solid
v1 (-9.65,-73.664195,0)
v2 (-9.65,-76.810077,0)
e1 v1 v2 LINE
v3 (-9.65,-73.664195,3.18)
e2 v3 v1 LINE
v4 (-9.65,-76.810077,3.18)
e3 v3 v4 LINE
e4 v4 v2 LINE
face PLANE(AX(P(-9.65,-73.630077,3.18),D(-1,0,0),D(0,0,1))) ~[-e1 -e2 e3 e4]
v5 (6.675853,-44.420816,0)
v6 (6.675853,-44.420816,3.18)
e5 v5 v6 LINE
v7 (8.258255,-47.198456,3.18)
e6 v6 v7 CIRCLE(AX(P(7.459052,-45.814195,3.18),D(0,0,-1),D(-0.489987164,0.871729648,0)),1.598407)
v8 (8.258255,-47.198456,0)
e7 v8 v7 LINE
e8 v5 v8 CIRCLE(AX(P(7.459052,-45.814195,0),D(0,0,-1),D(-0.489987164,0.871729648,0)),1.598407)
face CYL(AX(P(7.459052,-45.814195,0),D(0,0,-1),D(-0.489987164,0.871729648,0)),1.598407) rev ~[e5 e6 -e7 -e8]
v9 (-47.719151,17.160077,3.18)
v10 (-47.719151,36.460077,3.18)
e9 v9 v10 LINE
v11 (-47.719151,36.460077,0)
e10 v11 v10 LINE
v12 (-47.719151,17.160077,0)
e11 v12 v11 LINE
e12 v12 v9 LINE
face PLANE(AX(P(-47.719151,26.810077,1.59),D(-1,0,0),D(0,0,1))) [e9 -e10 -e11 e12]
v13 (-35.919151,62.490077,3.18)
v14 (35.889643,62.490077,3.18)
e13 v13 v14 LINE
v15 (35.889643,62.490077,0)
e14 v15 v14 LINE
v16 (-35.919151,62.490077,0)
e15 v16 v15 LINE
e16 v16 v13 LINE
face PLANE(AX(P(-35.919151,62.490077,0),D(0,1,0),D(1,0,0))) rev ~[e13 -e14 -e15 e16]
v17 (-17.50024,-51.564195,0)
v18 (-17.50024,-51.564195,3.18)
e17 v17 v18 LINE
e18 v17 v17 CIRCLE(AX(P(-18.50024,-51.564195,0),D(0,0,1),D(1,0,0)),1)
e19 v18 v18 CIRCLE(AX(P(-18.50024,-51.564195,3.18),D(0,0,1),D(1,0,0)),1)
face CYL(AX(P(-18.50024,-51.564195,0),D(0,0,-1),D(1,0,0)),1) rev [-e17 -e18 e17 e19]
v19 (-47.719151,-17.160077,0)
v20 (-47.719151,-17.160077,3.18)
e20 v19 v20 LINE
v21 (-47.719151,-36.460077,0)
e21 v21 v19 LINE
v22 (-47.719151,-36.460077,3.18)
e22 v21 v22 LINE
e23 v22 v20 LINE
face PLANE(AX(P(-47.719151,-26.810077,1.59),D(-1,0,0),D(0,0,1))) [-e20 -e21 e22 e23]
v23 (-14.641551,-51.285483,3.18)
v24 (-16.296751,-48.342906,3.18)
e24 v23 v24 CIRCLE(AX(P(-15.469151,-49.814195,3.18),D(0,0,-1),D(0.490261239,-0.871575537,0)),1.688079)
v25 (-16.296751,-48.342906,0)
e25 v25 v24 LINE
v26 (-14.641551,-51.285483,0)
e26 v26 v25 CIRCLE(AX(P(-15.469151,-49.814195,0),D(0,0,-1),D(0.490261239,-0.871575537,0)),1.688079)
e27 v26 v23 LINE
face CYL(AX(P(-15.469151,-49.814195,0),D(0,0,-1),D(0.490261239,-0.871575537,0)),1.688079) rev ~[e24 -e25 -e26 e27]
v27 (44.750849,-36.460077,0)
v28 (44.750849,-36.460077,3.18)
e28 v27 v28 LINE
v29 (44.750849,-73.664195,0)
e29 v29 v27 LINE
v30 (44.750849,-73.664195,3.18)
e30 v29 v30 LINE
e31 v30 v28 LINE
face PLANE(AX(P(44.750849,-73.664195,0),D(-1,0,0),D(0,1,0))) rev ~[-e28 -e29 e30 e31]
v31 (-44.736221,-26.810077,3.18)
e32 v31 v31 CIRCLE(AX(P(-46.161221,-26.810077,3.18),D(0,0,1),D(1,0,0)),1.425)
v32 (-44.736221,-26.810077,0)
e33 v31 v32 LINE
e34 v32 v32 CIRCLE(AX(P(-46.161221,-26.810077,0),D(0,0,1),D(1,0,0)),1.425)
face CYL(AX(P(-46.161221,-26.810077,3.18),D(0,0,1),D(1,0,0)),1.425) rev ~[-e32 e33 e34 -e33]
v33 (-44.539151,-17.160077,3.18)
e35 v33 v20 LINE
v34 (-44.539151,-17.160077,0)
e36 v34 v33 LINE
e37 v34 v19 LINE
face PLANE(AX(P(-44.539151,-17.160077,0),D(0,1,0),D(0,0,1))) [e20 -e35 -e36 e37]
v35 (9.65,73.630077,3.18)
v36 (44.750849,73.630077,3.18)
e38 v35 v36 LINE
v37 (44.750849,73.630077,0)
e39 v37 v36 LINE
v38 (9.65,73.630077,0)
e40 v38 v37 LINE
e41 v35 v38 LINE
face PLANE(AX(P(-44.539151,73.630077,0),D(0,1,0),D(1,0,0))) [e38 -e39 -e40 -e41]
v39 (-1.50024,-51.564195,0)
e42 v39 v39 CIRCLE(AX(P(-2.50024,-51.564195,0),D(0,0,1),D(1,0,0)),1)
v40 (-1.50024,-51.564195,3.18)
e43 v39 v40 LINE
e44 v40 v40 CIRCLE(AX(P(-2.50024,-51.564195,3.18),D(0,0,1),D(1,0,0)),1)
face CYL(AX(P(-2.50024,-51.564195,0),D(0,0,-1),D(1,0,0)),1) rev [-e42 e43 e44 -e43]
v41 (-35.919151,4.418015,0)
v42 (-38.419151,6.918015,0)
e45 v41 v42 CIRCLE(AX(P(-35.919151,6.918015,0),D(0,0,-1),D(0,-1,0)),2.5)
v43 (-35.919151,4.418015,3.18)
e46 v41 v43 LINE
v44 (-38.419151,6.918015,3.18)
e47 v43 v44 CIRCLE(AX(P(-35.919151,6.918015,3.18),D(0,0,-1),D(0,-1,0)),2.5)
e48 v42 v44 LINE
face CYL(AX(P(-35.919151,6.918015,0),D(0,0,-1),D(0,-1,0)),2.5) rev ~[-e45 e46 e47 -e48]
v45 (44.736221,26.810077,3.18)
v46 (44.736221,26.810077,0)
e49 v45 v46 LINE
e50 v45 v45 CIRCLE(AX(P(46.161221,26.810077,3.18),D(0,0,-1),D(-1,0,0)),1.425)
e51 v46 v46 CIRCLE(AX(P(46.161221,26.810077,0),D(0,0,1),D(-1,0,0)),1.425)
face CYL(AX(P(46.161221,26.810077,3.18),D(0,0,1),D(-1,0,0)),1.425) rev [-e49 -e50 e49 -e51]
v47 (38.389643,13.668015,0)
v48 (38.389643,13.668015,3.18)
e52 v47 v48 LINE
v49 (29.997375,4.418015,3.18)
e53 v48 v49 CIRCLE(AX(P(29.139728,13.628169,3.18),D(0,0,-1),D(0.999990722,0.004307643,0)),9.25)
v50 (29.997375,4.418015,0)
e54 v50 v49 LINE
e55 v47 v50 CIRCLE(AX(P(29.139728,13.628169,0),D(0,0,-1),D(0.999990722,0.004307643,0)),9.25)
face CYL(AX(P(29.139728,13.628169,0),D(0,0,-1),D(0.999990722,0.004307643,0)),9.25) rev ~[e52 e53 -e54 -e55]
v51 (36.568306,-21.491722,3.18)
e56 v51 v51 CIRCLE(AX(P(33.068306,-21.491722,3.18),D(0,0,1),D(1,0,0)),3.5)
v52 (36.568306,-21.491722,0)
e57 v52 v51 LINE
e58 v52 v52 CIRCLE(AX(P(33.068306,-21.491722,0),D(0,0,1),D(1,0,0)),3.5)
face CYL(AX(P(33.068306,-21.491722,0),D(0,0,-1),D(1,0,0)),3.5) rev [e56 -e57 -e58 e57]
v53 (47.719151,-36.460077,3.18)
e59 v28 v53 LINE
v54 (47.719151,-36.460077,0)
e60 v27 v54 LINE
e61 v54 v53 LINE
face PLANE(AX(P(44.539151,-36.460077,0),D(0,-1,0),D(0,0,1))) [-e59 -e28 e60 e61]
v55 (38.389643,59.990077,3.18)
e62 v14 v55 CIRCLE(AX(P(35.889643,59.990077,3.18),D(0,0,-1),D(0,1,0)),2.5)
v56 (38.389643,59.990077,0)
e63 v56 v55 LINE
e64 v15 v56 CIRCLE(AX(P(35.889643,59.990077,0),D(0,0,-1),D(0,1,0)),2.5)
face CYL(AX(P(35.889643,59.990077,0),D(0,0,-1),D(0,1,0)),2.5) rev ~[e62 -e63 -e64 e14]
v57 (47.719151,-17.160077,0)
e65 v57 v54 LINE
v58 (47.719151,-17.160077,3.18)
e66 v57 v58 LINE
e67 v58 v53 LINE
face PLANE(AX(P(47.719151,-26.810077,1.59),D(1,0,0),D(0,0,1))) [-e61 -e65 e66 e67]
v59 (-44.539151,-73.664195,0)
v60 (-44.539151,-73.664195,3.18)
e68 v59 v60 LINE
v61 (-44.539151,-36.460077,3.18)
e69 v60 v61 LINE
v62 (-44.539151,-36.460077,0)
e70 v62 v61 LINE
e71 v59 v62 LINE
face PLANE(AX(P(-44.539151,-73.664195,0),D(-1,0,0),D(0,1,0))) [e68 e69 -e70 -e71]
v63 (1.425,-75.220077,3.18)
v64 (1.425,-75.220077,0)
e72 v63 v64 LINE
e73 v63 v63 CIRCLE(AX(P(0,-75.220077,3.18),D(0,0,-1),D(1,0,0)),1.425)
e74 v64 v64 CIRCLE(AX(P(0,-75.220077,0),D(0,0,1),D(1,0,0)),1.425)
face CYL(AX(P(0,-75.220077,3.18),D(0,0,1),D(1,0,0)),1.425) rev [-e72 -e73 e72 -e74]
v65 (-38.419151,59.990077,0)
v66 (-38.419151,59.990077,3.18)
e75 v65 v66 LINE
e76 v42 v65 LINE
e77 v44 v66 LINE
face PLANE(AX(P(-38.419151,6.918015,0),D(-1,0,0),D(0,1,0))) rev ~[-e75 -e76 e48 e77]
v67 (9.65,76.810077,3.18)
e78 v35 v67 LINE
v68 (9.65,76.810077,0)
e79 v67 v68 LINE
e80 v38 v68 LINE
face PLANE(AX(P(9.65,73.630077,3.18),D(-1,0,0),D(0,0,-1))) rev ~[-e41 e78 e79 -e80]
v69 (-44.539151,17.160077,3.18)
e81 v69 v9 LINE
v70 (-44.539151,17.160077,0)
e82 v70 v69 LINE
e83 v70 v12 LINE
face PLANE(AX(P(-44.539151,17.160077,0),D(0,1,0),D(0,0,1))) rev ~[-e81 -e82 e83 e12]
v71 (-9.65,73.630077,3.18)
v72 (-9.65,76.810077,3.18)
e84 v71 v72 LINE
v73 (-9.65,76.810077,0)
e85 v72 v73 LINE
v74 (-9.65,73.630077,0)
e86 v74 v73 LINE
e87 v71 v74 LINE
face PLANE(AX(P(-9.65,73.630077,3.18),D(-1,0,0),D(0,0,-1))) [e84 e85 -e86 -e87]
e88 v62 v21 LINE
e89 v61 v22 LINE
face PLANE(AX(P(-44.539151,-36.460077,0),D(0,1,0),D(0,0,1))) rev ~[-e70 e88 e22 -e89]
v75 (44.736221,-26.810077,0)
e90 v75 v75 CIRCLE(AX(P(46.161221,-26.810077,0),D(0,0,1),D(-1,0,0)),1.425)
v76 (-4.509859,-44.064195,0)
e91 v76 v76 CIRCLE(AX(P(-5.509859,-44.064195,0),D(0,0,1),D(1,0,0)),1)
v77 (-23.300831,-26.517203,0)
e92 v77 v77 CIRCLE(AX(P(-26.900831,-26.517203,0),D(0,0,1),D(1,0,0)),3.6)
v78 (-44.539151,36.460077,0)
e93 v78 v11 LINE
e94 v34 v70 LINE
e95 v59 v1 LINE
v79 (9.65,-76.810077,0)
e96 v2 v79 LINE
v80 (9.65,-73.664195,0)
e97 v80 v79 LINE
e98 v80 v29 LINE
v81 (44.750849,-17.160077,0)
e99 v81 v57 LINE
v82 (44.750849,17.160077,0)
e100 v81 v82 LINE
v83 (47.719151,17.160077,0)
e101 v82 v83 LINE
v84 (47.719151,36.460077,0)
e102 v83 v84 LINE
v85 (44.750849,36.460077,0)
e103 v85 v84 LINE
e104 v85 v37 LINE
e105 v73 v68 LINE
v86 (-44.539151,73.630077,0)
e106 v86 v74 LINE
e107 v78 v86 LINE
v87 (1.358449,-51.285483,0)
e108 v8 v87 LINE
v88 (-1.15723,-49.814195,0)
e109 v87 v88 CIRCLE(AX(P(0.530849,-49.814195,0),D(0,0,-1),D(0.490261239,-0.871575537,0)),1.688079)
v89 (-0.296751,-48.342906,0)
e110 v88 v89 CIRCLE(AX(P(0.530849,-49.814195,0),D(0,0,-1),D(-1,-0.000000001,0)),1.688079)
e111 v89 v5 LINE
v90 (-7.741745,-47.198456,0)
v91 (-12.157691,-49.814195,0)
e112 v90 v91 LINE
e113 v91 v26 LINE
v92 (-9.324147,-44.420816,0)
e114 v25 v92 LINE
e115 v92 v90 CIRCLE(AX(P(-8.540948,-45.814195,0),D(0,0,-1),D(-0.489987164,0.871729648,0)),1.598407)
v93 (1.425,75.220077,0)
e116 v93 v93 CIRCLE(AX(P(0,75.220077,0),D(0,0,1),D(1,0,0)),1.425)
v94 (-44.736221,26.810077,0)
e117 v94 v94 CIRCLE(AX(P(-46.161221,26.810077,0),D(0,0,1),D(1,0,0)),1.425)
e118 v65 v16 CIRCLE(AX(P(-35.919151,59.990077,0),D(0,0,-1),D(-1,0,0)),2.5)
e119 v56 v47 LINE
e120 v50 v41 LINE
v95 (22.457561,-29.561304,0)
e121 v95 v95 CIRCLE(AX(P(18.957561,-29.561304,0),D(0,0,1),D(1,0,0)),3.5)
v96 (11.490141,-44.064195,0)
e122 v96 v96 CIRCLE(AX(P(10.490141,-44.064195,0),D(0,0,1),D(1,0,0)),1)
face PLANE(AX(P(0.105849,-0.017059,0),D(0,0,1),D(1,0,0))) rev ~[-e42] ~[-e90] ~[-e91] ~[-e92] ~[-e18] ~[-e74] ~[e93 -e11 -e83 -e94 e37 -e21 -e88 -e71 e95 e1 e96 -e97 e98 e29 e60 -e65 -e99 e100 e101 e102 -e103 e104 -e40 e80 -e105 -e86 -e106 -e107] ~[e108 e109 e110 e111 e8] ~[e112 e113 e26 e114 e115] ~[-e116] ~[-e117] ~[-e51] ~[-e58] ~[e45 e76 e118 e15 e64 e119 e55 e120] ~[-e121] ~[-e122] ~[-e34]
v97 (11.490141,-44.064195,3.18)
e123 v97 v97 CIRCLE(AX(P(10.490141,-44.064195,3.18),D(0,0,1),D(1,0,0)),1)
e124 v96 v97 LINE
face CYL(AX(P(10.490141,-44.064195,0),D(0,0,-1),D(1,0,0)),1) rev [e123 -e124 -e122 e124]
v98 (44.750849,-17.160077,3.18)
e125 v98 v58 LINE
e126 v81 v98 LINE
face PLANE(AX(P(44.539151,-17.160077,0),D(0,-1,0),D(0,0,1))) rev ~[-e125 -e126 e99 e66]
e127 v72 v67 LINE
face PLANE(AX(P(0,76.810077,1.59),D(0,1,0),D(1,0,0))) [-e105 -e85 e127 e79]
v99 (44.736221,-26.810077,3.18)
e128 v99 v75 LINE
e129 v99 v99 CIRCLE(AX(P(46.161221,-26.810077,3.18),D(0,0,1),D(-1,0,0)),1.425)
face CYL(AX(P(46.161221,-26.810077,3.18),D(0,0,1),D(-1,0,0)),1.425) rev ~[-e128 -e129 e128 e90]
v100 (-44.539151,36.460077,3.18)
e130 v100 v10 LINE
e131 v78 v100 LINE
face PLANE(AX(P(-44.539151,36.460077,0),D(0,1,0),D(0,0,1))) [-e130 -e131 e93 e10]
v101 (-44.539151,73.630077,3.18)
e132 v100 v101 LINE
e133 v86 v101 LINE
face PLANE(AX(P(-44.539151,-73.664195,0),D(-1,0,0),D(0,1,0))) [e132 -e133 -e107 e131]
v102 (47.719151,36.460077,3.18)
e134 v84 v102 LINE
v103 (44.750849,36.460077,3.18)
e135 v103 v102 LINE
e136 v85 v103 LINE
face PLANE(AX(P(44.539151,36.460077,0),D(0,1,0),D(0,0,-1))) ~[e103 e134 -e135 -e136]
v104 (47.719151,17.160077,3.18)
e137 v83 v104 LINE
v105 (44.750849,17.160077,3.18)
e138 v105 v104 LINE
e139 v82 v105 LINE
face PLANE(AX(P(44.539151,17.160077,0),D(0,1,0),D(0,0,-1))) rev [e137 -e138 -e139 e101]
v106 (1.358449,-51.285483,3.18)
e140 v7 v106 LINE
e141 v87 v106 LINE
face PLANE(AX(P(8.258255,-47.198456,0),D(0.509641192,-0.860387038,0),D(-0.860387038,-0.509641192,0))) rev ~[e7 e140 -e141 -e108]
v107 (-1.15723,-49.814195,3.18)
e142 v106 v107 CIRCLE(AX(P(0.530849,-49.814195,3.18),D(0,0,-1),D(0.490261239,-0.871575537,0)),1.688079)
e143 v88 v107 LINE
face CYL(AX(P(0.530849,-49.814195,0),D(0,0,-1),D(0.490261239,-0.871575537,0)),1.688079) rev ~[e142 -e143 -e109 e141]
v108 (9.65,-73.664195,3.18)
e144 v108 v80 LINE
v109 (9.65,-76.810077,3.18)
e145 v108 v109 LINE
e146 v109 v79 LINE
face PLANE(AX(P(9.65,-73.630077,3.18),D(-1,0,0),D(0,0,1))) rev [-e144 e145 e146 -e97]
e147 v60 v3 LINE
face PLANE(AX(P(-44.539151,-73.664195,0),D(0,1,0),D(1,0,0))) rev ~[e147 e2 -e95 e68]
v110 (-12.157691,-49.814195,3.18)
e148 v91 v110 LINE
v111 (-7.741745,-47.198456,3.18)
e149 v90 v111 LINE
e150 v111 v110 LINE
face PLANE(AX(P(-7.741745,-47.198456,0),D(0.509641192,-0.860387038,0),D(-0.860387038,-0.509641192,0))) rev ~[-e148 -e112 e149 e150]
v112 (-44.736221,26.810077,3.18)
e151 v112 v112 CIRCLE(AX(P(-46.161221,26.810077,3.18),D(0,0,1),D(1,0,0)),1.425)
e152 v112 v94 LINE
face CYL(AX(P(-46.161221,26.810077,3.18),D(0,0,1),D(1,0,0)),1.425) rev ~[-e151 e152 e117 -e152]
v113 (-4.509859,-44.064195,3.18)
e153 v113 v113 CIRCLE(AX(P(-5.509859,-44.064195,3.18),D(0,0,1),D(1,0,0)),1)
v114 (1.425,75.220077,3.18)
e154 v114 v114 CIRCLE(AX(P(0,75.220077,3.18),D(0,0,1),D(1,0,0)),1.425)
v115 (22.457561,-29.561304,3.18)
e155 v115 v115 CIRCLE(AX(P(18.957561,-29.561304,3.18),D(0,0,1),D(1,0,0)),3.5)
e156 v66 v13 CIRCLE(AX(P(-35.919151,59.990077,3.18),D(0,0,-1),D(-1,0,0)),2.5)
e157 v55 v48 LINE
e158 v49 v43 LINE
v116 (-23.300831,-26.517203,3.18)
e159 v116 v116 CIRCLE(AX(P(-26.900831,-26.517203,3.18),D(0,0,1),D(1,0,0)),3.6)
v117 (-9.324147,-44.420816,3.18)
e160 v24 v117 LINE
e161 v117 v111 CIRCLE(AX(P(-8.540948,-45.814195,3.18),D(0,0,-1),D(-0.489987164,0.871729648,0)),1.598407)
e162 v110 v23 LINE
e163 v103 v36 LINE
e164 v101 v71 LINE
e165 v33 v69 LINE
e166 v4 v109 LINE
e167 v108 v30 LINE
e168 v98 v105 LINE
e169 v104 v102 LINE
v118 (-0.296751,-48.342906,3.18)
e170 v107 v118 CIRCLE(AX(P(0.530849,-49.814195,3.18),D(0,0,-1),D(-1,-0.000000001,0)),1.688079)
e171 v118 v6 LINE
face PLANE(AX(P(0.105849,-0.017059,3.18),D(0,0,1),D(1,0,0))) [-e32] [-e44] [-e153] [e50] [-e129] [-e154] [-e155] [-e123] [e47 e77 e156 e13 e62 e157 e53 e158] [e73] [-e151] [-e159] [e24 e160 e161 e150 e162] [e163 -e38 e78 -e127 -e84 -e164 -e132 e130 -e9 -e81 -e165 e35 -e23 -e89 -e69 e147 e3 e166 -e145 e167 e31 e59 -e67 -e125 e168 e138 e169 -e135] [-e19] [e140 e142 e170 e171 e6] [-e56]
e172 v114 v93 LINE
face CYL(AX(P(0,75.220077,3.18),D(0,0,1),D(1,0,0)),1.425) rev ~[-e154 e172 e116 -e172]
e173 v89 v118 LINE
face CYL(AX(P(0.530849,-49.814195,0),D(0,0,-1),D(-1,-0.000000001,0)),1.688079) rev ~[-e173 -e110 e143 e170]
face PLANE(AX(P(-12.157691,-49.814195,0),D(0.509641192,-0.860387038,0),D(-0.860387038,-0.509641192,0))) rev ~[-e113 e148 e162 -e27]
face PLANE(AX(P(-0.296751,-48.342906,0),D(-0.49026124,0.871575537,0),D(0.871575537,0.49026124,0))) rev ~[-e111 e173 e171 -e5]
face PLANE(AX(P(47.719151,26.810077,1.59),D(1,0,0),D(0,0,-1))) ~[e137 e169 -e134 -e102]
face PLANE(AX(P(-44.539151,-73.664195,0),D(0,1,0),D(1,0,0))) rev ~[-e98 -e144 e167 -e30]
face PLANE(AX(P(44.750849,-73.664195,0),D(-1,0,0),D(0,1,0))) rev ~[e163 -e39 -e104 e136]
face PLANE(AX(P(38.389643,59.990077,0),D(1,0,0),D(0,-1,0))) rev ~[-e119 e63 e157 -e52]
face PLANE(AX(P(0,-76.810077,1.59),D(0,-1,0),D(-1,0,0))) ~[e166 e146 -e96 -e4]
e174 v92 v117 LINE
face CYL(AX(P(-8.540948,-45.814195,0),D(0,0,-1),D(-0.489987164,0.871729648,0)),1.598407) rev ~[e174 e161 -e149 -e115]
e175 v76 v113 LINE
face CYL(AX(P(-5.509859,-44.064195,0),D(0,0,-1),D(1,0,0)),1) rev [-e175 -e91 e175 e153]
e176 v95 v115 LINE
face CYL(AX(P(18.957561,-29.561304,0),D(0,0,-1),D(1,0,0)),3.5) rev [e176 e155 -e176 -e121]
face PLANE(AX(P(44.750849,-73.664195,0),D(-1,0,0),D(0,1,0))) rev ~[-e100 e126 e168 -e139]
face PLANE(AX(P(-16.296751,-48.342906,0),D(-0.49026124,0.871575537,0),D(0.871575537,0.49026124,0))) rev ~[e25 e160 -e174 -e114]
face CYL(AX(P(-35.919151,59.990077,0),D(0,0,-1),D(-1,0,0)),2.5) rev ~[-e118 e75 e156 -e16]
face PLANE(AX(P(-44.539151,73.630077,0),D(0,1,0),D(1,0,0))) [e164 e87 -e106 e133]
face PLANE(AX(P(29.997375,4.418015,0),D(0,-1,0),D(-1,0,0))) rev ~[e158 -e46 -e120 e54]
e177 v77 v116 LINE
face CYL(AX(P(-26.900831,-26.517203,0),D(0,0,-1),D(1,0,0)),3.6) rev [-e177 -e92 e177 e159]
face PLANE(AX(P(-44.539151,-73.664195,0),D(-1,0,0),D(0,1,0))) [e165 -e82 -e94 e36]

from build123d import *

# Parameters (mm, degrees)
SKETCH1_7_W             = 89.29
SKETCH1_7_H             = 147.294272307
SKETCH1_7_R             = 1
SKETCH1_7_R_2           = 3.6
SKETCH1_7_R_3           = 3.5
BODY_DEPTH              = 3.18
SKETCH2_W               = 19.3
SKETCH2_H               = 3.18
BOSS_EXTRUDE1_DEPTH     = 3.18
SKETCH3_R               = 1.425
CUT_EXTRUDE1_DEPTH      = 89.95245291
SKETCH4_W               = 3.18
SKETCH4_H               = 19.3
BOSS_EXTRUDE2_DEPTH     = 3.18
SKETCH5_R               = 1.425
CUT_EXTRUDE2_DEPTH      = 91.482140695
MIRROR2_COPY_1_SKETCH_W = 3.18
MIRROR2_COPY_1_SKETCH_H = 19.3
MIRROR2_COPY_1_DEPTH    = 3.18
MIRROR2_COPY_2_SKETCH_R = 1.425
MIRROR2_COPY_2_DEPTH    = 91.482140695
MIRROR2_COPY_3_SKETCH_W = 3.18
MIRROR2_COPY_3_SKETCH_H = 19.3
MIRROR2_COPY_3_DEPTH    = 3.18
MIRROR2_COPY_4_SKETCH_R = 1.425
MIRROR2_COPY_4_DEPTH    = 91.482140695


with BuildPart() as part:
    # Sketch1<7> → Body (new body)
    with BuildSketch(Plane.XY):
        with Locations((0.105848892, -0.017058674)):
            Rectangle(SKETCH1_7_W, SKETCH1_7_H)
        with Locations((-18.500240022, -51.564194828)):
            Circle(SKETCH1_7_R, mode=Mode.SUBTRACT)
        with BuildLine():
            Line((-7.741744524, -47.198455643), (-12.157690739, -49.814194828))
            Line((-12.157690739, -49.814194828), (-14.641551271, -51.285483428))
            ThreePointArc((-14.641551271, -51.285483428), (-16.940439708, -50.641794665), (-16.296750946, -48.342906228))
            Line((-16.296750946, -48.342906228), (-9.324146649, -44.420816311))
            ThreePointArc((-9.324146649, -44.420816311), (-7.152105158, -45.022980632), (-7.741744524, -47.198455643))
        make_face(mode=Mode.SUBTRACT)
        with Locations((-2.500240022, -51.564194828)):
            Circle(SKETCH1_7_R, mode=Mode.SUBTRACT)
        with Locations((-5.509858965, -44.064194828)):
            Circle(SKETCH1_7_R, mode=Mode.SUBTRACT)
        with Locations((-26.900831216, -26.517202566)):
            Circle(SKETCH1_7_R_2, mode=Mode.SUBTRACT)
        with BuildLine():
            ThreePointArc((1.358448729, -51.285483428), (-0.321371004, -51.271360873), (-1.157230382, -49.814194828))
            ThreePointArc((-1.157230382, -49.814194828), (-0.926317154, -48.961974932), (-0.296750946, -48.342906228))
            Line((-0.296750946, -48.342906228), (6.675853351, -44.420816311))
            ThreePointArc((6.675853351, -44.420816311), (8.847894842, -45.022980632), (8.258255476, -47.198455643))
            Line((8.258255476, -47.198455643), (1.358448729, -51.285483428))
        make_face(mode=Mode.SUBTRACT)
        with Locations((10.490141035, -44.064194828)):
            Circle(SKETCH1_7_R, mode=Mode.SUBTRACT)
        with Locations((18.957561099, -29.561304194)):
            Circle(SKETCH1_7_R_3, mode=Mode.SUBTRACT)
        with Locations((33.068305831, -21.491722051)):
            Circle(SKETCH1_7_R_3, mode=Mode.SUBTRACT)
        with BuildLine():
            Line((-35.919151108, 62.490077479), (35.889642662, 62.490077479))
            ThreePointArc((35.889642662, 62.490077479), (37.657409615, 61.757844432), (38.389642662, 59.990077479))
            Line((38.389642662, 59.990077479), (38.389642662, 13.668014642))
            ThreePointArc((38.389642662, 13.668014642), (35.990372343, 7.41277043), (29.997375098, 4.418014642))
            Line((29.997375098, 4.418014642), (-35.919151108, 4.418014642))
            ThreePointArc((-35.919151108, 4.418014642), (-37.686918061, 5.150247689), (-38.419151108, 6.918014642))
            Line((-38.419151108, 6.918014642), (-38.419151108, 59.990077479))
            ThreePointArc((-38.419151108, 59.990077479), (-37.686918061, 61.757844432), (-35.919151108, 62.490077479))
        make_face(mode=Mode.SUBTRACT)
    extrude(amount=BODY_DEPTH)

    # Sketch2 → Boss-Extrude1 (add)
    with BuildSketch(Plane(origin=(0, 73.630077479, 0), x_dir=(1, 0, 0), z_dir=(0, 1, 0))):
        with Locations((0, -1.59)):
            Rectangle(SKETCH2_W, SKETCH2_H)
    boss_extrude1 = extrude(amount=BOSS_EXTRUDE1_DEPTH)

    # Sketch3 → Cut-Extrude1 (cut, through all)
    with BuildSketch(Plane.XY.offset(3.18)):
        with Locations((0, 75.220077479)):
            Circle(SKETCH3_R)
    cut_extrude1 = extrude(amount=-CUT_EXTRUDE1_DEPTH, mode=Mode.SUBTRACT)

    # Sketch4 → Boss-Extrude2 (add)
    with BuildSketch(Plane.ZY.offset(44.539151108)):
        with Locations((1.59, 26.810077479)):
            Rectangle(SKETCH4_W, SKETCH4_H)
    boss_extrude2 = extrude(amount=BOSS_EXTRUDE2_DEPTH)

    # Sketch5 → Cut-Extrude2 (cut, through all)
    with BuildSketch(Plane.XY.offset(3.18)):
        with Locations((-46.161220751, 26.810077479)):
            Circle(SKETCH5_R)
    cut_extrude2 = extrude(amount=-CUT_EXTRUDE2_DEPTH, mode=Mode.SUBTRACT)

    # Mirror1: Boss-Extrude2, Cut-Extrude2 across plane
    add(boss_extrude2.mirror(Plane(origin=(0, 0, 0), x_dir=(0, 0, 1), z_dir=(1, 0, 0))))
    add(cut_extrude2.mirror(Plane(origin=(0, 0, 0), x_dir=(0, 0, 1), z_dir=(1, 0, 0))), mode=Mode.SUBTRACT)

    # Mirror2: Boss-Extrude1, Cut-Extrude1 across plane
    add(boss_extrude1.mirror(Plane.ZX))
    add(cut_extrude1.mirror(Plane.ZX), mode=Mode.SUBTRACT)

    # Mirror2 copy 1 sketch → Mirror2 copy 1 (add)
    with BuildSketch(Plane(origin=(44.539151108, 0, 0), x_dir=(0, 0, 1), z_dir=(1, 0, 0))):
        with Locations((1.59, 26.810077479)):
            Rectangle(MIRROR2_COPY_1_SKETCH_W, MIRROR2_COPY_1_SKETCH_H)
    extrude(amount=MIRROR2_COPY_1_DEPTH)

    # Mirror2 copy 2 sketch → Mirror2 copy 2 (cut, through all)
    with BuildSketch(Plane(origin=(0, 0, 3.18), x_dir=(-1, 0, 0), z_dir=(0, 0, 1))):
        with Locations((-46.161220751, 26.810077479)):
            Circle(MIRROR2_COPY_2_SKETCH_R)
    extrude(amount=-MIRROR2_COPY_2_DEPTH, mode=Mode.SUBTRACT)

    # Mirror2 copy 3 sketch → Mirror2 copy 3 (add)
    with BuildSketch(Plane.ZY.offset(44.539151108)):
        with Locations((1.59, -26.810077479)):
            Rectangle(MIRROR2_COPY_3_SKETCH_W, MIRROR2_COPY_3_SKETCH_H)
    extrude(amount=MIRROR2_COPY_3_DEPTH)

    # Mirror2 copy 4 sketch → Mirror2 copy 4 (cut, through all)
    with BuildSketch(Plane.XY.offset(3.18)):
        with Locations((-46.161220751, -26.810077479)):
            Circle(MIRROR2_COPY_4_SKETCH_R)
    extrude(amount=-MIRROR2_COPY_4_DEPTH, mode=Mode.SUBTRACT)


solid = part.part
